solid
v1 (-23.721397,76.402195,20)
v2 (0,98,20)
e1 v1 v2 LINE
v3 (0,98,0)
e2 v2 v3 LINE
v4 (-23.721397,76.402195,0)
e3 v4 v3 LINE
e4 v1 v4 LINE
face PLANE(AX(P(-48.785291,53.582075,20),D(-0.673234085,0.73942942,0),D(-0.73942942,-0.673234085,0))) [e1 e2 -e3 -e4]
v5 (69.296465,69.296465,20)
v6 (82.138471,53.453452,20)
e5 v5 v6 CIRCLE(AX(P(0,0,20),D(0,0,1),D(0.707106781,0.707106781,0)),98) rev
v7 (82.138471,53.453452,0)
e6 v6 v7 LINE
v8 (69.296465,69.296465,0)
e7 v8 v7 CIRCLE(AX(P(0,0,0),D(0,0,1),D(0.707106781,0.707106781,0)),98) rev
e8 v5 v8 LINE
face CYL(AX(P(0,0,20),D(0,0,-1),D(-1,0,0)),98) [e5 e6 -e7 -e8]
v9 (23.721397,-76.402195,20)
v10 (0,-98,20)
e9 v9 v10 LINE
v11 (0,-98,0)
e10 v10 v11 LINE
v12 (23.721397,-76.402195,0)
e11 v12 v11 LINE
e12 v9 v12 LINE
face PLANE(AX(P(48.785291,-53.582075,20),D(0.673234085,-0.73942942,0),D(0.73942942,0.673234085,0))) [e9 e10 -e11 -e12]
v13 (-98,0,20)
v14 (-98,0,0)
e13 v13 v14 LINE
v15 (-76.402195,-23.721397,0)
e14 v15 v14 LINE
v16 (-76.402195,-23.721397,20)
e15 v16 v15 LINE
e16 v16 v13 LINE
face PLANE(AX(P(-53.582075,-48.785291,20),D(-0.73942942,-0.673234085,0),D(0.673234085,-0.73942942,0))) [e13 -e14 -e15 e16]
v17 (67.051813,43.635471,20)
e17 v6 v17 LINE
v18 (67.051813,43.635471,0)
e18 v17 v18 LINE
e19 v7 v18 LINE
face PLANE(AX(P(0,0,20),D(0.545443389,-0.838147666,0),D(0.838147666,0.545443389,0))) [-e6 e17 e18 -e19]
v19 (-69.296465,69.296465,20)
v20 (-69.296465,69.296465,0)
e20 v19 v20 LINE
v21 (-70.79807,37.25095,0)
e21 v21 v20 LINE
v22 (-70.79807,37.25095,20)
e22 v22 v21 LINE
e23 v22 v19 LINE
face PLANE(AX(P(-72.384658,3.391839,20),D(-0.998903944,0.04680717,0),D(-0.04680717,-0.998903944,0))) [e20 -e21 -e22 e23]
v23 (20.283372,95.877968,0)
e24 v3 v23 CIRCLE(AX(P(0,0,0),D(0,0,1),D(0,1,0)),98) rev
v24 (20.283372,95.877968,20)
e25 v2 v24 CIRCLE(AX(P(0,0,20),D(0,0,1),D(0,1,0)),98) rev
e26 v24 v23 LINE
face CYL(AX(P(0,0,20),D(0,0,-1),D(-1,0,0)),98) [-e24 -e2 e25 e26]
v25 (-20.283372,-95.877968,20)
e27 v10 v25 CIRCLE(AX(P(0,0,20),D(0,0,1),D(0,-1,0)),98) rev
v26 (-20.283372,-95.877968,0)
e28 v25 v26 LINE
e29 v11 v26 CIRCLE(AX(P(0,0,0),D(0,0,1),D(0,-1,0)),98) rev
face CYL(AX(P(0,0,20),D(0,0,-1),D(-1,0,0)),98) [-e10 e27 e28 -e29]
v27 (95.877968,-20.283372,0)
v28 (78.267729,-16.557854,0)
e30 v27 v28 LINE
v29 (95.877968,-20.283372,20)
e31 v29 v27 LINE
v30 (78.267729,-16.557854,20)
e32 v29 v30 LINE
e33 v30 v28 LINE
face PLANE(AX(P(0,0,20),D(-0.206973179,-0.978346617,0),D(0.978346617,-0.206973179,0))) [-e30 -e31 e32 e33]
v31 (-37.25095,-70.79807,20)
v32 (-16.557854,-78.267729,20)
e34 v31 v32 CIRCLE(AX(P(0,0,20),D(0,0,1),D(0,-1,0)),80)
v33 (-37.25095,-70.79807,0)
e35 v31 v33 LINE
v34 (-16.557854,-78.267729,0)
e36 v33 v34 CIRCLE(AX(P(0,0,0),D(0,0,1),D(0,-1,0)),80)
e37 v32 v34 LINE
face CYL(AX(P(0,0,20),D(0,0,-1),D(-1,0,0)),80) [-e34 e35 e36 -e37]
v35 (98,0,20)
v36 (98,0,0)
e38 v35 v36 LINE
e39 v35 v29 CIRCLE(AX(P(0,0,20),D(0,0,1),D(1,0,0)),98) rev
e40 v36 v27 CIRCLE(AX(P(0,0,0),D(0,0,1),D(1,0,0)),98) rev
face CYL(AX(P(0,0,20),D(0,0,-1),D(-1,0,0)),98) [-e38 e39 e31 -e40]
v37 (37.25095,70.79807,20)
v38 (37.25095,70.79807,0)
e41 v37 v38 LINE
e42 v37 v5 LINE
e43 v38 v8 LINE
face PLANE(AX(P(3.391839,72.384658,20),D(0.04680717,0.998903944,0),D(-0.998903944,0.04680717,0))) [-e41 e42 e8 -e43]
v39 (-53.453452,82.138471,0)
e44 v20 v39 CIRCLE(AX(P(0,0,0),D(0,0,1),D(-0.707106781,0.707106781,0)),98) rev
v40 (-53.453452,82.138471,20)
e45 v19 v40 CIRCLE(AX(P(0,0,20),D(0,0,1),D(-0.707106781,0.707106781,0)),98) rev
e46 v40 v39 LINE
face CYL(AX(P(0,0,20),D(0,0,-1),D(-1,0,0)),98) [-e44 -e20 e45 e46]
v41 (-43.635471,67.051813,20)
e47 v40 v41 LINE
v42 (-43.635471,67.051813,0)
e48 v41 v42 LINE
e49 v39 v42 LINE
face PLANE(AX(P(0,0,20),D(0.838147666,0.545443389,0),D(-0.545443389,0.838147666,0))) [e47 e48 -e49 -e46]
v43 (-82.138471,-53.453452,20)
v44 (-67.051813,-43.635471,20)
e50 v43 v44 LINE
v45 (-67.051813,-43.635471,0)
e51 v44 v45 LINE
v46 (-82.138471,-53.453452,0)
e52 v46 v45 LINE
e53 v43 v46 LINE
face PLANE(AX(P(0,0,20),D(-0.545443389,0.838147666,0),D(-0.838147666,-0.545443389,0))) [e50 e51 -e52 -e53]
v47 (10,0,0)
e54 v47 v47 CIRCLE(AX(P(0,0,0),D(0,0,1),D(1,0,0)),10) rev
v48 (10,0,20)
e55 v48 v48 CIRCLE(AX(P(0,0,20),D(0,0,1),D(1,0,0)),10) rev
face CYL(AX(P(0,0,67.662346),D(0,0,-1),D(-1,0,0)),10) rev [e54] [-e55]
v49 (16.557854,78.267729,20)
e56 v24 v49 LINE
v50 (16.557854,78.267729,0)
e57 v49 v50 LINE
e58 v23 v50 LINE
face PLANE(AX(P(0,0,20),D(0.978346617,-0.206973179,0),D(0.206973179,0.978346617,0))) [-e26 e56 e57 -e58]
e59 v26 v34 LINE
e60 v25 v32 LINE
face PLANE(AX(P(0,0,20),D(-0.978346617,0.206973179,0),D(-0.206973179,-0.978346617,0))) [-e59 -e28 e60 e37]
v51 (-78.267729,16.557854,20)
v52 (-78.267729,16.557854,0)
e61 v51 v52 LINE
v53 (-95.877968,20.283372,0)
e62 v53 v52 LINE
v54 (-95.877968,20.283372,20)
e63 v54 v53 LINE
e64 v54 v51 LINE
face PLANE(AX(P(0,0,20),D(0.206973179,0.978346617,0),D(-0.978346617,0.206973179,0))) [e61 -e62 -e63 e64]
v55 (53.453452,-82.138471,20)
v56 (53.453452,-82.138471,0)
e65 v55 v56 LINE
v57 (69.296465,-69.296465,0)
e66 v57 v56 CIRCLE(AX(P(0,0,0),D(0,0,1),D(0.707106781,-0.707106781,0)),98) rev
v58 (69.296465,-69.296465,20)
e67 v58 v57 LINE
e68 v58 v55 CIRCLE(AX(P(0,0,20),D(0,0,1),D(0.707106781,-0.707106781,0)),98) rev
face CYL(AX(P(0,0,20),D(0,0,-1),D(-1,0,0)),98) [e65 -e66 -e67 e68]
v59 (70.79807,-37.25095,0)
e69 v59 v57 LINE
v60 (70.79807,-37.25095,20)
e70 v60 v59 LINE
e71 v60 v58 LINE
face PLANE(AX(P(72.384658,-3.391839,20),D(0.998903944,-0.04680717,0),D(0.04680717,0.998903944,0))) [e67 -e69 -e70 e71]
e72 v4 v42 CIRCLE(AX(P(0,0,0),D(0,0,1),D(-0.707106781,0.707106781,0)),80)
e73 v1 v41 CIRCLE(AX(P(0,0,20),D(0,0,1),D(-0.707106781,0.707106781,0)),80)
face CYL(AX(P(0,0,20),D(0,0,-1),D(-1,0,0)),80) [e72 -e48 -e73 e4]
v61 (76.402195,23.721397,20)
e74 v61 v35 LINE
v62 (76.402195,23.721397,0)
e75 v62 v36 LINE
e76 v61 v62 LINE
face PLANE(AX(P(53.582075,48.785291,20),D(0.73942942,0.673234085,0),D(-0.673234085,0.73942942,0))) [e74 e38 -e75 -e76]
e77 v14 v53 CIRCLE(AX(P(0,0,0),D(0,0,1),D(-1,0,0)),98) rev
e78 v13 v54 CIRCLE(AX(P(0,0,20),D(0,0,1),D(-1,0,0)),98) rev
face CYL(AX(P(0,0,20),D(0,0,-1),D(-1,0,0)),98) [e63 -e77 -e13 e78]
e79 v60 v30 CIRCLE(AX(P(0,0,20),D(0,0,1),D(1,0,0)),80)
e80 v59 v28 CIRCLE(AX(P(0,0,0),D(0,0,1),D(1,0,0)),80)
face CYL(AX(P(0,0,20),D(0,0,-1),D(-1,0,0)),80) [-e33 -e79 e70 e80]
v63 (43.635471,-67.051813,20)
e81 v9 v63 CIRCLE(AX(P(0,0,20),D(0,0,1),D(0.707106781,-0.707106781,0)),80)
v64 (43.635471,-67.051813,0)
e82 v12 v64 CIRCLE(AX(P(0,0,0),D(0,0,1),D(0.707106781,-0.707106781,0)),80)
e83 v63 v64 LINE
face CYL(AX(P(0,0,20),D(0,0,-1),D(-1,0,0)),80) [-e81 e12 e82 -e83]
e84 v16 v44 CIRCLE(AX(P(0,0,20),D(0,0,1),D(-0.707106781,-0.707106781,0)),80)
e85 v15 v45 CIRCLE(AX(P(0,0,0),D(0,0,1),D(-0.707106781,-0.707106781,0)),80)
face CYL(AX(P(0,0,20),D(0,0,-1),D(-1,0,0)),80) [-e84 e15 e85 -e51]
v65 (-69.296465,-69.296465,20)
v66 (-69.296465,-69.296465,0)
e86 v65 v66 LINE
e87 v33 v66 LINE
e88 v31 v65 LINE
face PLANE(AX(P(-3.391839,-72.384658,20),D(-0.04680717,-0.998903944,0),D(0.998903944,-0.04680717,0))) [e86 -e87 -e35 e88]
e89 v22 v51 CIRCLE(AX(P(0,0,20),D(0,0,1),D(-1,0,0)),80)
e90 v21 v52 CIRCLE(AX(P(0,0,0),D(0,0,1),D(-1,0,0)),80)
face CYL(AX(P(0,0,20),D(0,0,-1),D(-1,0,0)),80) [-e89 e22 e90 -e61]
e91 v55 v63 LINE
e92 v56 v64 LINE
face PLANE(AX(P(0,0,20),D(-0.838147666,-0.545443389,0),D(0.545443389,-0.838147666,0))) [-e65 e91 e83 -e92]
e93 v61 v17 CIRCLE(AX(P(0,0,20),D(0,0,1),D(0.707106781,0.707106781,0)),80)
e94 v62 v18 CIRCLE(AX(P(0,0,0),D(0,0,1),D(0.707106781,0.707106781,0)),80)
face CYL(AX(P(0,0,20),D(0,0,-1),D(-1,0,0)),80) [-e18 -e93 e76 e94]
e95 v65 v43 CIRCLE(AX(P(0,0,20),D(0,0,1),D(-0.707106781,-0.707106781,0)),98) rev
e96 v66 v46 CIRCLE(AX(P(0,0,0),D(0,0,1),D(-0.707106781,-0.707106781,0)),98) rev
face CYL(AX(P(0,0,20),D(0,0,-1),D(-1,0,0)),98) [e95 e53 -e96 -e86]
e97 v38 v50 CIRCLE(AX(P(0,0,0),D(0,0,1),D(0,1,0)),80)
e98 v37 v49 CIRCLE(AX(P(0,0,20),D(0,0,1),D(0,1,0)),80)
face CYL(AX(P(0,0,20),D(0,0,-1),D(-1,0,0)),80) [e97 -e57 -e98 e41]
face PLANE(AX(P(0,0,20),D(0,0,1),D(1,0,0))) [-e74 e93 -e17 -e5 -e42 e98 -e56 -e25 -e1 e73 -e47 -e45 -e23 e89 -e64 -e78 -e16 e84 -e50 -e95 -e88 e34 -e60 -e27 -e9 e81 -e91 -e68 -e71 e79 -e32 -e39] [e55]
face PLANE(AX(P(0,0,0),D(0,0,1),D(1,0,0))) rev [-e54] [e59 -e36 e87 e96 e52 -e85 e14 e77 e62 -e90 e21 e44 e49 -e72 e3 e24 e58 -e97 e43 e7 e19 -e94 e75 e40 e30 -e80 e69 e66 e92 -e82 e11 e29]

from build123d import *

# Parameters (mm, degrees)
BOSS_EXTRUDE1_DEPTH     = 20
CIRPATTERN1_COUNT       = 8
SKETCH3_R               = 10
CUT_EXTRUDE1_DEPTH      = 20
CUT_EXTRUDE1_DEPTH_BACK = 7


with BuildPart() as part:
    # Sketch1 → Boss-Extrude1 (new body)
    with BuildSketch(Plane.XY):
        with BuildLine():
            Line((95.877968476, -20.283371538), (78.267729368, -16.557854317))
            ThreePointArc((78.267729368, -16.557854317), (75.247619253, -27.162396743), (70.798070264, -37.250949611))
            Line((70.798070264, -37.250949611), (0, 0))
            Line((0, 0), (76.402194654, 23.721396503))
            Line((76.402194654, 23.721396503), (98, 0))
            ThreePointArc((98, 0), (97.468048382, -10.197036074), (95.877968476, -20.283371538))
        make_face()
    boss_extrude1 = extrude(amount=BOSS_EXTRUDE1_DEPTH)

    # CirPattern1: Boss-Extrude1 ×8 about axis
    cirpattern1_axis = Axis((0, 0, 0), (0, 0, 1))
    for i in range(1, CIRPATTERN1_COUNT):
        add(boss_extrude1.rotate(cirpattern1_axis, i * 360 / CIRPATTERN1_COUNT))

    # Sketch3 → Cut-Extrude1 (cut, two sides)
    with BuildSketch(Plane.XY) as cut_extrude1_sk:
        Circle(SKETCH3_R)
    extrude(amount=CUT_EXTRUDE1_DEPTH, mode=Mode.SUBTRACT)
    extrude(cut_extrude1_sk.sketch, amount=-CUT_EXTRUDE1_DEPTH_BACK, mode=Mode.SUBTRACT)


solid = part.part
